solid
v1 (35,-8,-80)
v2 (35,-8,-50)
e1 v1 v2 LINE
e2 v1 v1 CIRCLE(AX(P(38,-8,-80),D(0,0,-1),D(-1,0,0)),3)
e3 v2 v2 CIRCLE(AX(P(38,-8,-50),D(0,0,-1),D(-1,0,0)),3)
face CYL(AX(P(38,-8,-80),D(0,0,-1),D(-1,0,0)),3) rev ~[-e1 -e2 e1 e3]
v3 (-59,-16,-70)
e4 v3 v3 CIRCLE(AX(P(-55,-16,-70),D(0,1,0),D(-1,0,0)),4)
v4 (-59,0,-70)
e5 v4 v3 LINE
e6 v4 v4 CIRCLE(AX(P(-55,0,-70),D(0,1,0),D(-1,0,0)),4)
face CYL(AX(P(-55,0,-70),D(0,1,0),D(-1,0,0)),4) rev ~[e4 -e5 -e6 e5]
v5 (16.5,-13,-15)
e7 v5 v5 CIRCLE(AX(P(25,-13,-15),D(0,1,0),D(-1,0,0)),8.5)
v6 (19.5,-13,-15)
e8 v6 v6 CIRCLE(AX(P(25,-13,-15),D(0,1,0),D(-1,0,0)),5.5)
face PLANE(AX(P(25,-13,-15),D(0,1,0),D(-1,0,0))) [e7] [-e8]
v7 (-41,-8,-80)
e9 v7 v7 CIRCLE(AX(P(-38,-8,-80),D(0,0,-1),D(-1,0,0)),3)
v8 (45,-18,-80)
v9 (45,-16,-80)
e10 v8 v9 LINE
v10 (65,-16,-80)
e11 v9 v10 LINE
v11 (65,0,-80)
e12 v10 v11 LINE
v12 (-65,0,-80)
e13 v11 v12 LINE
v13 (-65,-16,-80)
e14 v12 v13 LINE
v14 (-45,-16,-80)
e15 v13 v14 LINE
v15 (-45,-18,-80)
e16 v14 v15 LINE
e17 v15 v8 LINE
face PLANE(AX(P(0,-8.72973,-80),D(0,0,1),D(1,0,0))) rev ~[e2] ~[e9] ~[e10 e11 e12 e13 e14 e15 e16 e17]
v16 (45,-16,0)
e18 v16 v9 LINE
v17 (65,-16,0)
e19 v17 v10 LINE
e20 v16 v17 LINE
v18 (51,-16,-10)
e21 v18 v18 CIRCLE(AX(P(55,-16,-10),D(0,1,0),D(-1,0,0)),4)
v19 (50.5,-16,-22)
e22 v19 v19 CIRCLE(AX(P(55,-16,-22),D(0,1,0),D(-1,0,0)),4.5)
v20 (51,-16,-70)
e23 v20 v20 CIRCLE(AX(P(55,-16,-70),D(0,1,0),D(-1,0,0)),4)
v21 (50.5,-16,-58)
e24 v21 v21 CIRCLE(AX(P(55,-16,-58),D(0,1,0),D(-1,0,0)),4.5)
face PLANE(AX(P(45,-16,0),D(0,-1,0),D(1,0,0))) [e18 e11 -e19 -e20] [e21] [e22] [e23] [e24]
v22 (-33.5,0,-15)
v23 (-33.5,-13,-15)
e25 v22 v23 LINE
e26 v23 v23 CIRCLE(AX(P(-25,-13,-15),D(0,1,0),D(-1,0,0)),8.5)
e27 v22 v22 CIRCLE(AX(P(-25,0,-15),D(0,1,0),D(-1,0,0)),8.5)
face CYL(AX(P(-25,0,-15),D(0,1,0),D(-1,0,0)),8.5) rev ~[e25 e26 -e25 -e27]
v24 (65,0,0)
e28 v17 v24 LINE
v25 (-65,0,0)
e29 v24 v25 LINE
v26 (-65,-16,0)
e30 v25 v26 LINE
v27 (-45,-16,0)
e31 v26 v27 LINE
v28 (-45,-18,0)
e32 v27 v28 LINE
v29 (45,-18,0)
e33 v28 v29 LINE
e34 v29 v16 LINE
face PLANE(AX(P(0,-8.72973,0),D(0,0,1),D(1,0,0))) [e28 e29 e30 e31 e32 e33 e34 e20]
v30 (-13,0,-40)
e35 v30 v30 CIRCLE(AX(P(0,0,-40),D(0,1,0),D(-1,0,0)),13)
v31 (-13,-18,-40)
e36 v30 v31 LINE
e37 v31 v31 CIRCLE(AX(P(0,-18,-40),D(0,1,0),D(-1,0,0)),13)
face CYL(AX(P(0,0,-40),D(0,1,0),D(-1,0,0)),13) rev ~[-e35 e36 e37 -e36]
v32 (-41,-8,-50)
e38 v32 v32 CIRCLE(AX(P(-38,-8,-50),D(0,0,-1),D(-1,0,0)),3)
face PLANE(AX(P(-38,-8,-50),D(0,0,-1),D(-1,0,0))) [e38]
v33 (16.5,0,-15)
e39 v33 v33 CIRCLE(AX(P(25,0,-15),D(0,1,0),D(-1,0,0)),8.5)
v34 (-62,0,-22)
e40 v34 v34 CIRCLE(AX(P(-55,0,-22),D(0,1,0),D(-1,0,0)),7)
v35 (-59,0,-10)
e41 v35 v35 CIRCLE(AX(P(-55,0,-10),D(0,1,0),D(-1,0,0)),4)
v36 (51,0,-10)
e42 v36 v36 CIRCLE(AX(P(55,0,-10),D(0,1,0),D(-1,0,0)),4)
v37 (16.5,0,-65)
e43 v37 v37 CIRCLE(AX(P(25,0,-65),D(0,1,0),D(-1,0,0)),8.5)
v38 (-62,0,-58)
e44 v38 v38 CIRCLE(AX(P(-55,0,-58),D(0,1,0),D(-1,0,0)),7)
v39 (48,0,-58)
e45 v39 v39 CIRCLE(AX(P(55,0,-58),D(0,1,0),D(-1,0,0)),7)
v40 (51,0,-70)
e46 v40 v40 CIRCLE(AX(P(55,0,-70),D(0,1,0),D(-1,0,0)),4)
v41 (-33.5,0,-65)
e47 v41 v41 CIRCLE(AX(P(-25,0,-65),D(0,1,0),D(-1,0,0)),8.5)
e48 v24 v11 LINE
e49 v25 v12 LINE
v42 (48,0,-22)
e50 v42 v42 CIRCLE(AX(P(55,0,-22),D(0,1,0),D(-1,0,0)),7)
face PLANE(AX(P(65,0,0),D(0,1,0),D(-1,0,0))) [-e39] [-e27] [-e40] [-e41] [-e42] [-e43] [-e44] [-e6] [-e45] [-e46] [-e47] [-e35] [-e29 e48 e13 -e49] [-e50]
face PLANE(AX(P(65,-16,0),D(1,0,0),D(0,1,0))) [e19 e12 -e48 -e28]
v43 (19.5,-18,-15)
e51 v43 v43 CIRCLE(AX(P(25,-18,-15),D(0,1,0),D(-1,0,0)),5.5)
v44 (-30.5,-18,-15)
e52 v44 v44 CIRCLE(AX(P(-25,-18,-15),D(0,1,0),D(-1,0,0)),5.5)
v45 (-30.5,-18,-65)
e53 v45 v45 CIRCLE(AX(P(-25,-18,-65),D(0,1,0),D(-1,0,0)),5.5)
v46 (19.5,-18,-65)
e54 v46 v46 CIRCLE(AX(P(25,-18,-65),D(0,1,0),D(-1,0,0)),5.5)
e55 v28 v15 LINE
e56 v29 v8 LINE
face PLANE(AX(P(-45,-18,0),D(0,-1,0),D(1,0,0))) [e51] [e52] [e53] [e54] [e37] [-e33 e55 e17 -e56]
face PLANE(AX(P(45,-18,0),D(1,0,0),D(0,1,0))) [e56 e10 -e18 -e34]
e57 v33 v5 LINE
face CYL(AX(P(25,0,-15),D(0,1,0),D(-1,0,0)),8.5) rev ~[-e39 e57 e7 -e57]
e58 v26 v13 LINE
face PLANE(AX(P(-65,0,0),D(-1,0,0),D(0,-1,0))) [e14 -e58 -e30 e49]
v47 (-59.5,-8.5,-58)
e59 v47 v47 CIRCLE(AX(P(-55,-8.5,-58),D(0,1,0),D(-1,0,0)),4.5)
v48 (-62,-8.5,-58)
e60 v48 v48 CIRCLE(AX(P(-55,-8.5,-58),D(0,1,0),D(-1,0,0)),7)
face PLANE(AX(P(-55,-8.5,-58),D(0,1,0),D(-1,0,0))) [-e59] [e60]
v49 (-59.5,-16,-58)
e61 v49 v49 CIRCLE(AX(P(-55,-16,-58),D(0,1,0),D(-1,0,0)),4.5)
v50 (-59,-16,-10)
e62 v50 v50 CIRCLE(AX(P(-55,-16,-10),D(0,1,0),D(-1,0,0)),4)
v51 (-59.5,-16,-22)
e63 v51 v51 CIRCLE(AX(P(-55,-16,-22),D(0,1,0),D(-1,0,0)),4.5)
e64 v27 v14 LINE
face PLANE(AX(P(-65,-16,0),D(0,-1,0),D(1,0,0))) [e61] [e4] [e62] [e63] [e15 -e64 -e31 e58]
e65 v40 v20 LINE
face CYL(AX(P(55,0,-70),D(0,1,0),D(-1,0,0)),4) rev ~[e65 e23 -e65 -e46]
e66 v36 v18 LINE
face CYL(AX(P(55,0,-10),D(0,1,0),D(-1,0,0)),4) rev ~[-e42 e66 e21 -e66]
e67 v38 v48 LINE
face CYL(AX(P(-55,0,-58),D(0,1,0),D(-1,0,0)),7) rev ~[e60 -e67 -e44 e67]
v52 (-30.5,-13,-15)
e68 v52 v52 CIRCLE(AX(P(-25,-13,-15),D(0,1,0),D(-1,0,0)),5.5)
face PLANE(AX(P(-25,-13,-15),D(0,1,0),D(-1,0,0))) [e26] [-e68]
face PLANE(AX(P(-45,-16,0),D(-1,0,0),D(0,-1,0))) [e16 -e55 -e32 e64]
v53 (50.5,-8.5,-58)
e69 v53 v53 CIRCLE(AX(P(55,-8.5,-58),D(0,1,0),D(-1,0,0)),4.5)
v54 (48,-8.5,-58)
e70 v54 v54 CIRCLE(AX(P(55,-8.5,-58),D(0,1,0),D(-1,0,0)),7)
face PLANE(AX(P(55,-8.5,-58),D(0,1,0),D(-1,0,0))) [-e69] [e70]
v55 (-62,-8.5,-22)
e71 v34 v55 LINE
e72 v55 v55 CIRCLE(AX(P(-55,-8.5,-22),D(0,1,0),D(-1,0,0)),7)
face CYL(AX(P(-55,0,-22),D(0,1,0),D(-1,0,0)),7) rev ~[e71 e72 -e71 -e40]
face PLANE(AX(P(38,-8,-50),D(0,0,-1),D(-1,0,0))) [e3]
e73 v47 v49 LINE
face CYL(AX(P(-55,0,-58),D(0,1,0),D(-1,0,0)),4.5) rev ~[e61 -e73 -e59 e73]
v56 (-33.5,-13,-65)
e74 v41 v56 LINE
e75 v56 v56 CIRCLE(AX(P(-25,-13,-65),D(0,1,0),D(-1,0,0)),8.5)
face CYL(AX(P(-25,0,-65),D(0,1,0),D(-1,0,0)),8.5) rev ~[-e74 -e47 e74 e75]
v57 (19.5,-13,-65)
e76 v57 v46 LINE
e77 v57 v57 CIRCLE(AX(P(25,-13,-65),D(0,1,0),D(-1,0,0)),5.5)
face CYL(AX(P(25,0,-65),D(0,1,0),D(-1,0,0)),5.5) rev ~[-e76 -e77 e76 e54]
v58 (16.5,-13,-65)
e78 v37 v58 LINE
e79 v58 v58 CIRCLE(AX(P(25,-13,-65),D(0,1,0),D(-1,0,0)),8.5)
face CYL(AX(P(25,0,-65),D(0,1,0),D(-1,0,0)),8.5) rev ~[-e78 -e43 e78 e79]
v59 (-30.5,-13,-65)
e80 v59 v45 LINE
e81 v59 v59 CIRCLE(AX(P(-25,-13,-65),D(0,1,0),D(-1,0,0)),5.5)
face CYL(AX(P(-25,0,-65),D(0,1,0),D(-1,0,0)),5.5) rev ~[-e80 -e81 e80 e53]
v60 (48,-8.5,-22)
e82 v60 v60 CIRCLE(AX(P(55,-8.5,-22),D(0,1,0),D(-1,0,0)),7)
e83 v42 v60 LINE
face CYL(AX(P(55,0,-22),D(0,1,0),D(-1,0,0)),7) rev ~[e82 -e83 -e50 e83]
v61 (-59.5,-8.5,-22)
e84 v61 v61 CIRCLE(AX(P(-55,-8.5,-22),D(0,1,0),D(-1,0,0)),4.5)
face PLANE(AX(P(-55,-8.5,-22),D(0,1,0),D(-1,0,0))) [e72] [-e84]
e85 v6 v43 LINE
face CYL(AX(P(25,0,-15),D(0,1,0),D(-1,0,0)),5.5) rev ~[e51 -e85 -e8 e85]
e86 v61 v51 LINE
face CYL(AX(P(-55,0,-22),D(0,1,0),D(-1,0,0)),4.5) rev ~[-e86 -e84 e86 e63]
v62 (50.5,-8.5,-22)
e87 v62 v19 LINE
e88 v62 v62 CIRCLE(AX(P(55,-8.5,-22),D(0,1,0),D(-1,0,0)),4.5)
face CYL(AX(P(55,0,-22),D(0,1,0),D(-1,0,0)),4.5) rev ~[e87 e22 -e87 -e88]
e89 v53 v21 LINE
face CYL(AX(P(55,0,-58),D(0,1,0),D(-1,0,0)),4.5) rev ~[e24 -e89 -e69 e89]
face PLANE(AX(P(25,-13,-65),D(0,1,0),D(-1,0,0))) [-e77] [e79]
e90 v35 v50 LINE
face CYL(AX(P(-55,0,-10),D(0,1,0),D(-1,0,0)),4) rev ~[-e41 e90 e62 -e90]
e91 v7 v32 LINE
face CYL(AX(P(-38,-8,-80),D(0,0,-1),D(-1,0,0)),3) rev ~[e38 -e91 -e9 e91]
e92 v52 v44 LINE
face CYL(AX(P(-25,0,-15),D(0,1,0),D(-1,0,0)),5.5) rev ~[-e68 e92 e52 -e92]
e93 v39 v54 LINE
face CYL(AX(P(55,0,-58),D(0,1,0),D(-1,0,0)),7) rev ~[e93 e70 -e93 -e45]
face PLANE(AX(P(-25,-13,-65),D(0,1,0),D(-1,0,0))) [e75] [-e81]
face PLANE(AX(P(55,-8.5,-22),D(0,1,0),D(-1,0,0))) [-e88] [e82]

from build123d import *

# Parameters (mm, degrees)
SALIENTE_EXTRUIR1_DEPTH = 80
CROQUIS2_R              = 13
CROQUIS2_R_2            = 4
CROQUIS2_R_3            = 4.5
CORTAR_EXTRUIR1_DEPTH   = 105.637469388
CROQUIS4_R              = 7
CORTAR_EXTRUIR2_DEPTH   = 8.5
CORTAR_EXTRUIR3_REACH   = 106.637
CROQUIS5_R              = 5.5
CROQUIS6_R              = 8.5
CORTAR_EXTRUIR4_DEPTH   = 13
CROQUIS7_R              = 3
CORTAR_EXTRUIR5_DEPTH   = 30


with BuildPart() as part:
    # Croquis1 → Saliente-Extruir1 (new body)
    with BuildSketch(Plane.XY):
        Polygon((65, 0), (-65, 0), (-65, -16), (-45, -16), (-45, -18), (45, -18), (45, -16), (65, -16), align=None)
    extrude(amount=-SALIENTE_EXTRUIR1_DEPTH)

    # Croquis2 → Cortar-Extruir1 (cut, through all)
    with BuildSketch(Plane(origin=(0, 0, 0), x_dir=(1, 0, 0), z_dir=(0, 1, 0))):
        with Locations(Location((0, 40, 0), (0, 0, 180))):
            Circle(CROQUIS2_R)
        with Locations(Location((-55, 70, 0), (0, 0, 180))):
            Circle(CROQUIS2_R_2)
        with Locations(Location((-55, 10, 0), (0, 0, 180))):
            Circle(CROQUIS2_R_2)
        with Locations(Location((55, 10, 0), (0, 0, 180))):
            Circle(CROQUIS2_R_2)
        with Locations(Location((55, 70, 0), (0, 0, 180))):
            Circle(CROQUIS2_R_2)
        with Locations(Location((-55, 58, 0), (0, 0, 180))):
            Circle(CROQUIS2_R_3)
        with Locations(Location((-55, 22, 0), (0, 0, 180))):
            Circle(CROQUIS2_R_3)
        with Locations(Location((55, 58, 0), (0, 0, 180))):
            Circle(CROQUIS2_R_3)
        with Locations(Location((55, 22, 0), (0, 0, 180))):
            Circle(CROQUIS2_R_3)
    extrude(amount=-CORTAR_EXTRUIR1_DEPTH, mode=Mode.SUBTRACT)

    # Croquis4 → Cortar-Extruir2 (cut)
    with BuildSketch(Plane(origin=(0, 0, 0), x_dir=(1, 0, 0), z_dir=(0, 1, 0))):
        with Locations(Location((-55, 58, 0), (0, 0, 180))):
            Circle(CROQUIS4_R)
        with Locations(Location((-55, 22, 0), (0, 0, 180))):
            Circle(CROQUIS4_R)
        with Locations(Location((55, 58, 0), (0, 0, 180))):
            Circle(CROQUIS4_R)
        with Locations(Location((55, 22, 0), (0, 0, 180))):
            Circle(CROQUIS4_R)
    extrude(amount=-CORTAR_EXTRUIR2_DEPTH, mode=Mode.SUBTRACT)

    # Croquis5 → Cortar-Extruir3 (cut, up to next)
    with BuildSketch(Plane(origin=(0, 0, 0), x_dir=(1, 0, 0), z_dir=(0, 1, 0)), mode=Mode.PRIVATE) as cortar_extruir3_sk1:
        with Locations(Location((-25, 65, 0), (0, 0, 180))):
            Circle(CROQUIS5_R)
    cortar_extruir3_tool1 = extrude(cortar_extruir3_sk1.sketch, amount=-CORTAR_EXTRUIR3_REACH, mode=Mode.PRIVATE) & part.part
    # Croquis5 → Cortar-Extruir3 (cut, up to next)
    with BuildSketch(Plane(origin=(0, 0, 0), x_dir=(1, 0, 0), z_dir=(0, 1, 0)), mode=Mode.PRIVATE) as cortar_extruir3_sk2:
        with Locations(Location((-25, 15, 0), (0, 0, 180))):
            Circle(CROQUIS5_R)
    cortar_extruir3_tool2 = extrude(cortar_extruir3_sk2.sketch, amount=-CORTAR_EXTRUIR3_REACH, mode=Mode.PRIVATE) & part.part
    # Croquis5 → Cortar-Extruir3 (cut, up to next)
    with BuildSketch(Plane(origin=(0, 0, 0), x_dir=(1, 0, 0), z_dir=(0, 1, 0)), mode=Mode.PRIVATE) as cortar_extruir3_sk3:
        with Locations(Location((25, 15, 0), (0, 0, 180))):
            Circle(CROQUIS5_R)
    cortar_extruir3_tool3 = extrude(cortar_extruir3_sk3.sketch, amount=-CORTAR_EXTRUIR3_REACH, mode=Mode.PRIVATE) & part.part
    # Croquis5 → Cortar-Extruir3 (cut, up to next)
    with BuildSketch(Plane(origin=(0, 0, 0), x_dir=(1, 0, 0), z_dir=(0, 1, 0)), mode=Mode.PRIVATE) as cortar_extruir3_sk4:
        with Locations(Location((25, 65, 0), (0, 0, 180))):
            Circle(CROQUIS5_R)
    cortar_extruir3_tool4 = extrude(cortar_extruir3_sk4.sketch, amount=-CORTAR_EXTRUIR3_REACH, mode=Mode.PRIVATE) & part.part
    add(cortar_extruir3_tool1.solids().sort_by_distance((-25, 0, -65))[0], mode=Mode.SUBTRACT)
    add(cortar_extruir3_tool2.solids().sort_by_distance((-25, 0, -15))[0], mode=Mode.SUBTRACT)
    add(cortar_extruir3_tool3.solids().sort_by_distance((25, 0, -15))[0], mode=Mode.SUBTRACT)
    add(cortar_extruir3_tool4.solids().sort_by_distance((25, 0, -65))[0], mode=Mode.SUBTRACT)

    # Croquis6 → Cortar-Extruir4 (cut)
    with BuildSketch(Plane(origin=(0, 0, 0), x_dir=(1, 0, 0), z_dir=(0, 1, 0))):
        with Locations(Location((-25, 65, 0), (0, 0, 180))):
            Circle(CROQUIS6_R)
        with Locations(Location((-25, 15, 0), (0, 0, 180))):
            Circle(CROQUIS6_R)
        with Locations(Location((25, 15, 0), (0, 0, 180))):
            Circle(CROQUIS6_R)
        with Locations(Location((25, 65, 0), (0, 0, 180))):
            Circle(CROQUIS6_R)
    extrude(amount=-CORTAR_EXTRUIR4_DEPTH, mode=Mode.SUBTRACT)

    # Croquis7 → Cortar-Extruir5 (cut)
    with BuildSketch(Plane(origin=(0, 0, -80), x_dir=(-1, 0, 0), z_dir=(0, 0, -1))):
        with Locations((38, -8)):
            Circle(CROQUIS7_R)
        with Locations((-38, -8)):
            Circle(CROQUIS7_R)
    extrude(amount=-CORTAR_EXTRUIR5_DEPTH, mode=Mode.SUBTRACT)


solid = part.part
